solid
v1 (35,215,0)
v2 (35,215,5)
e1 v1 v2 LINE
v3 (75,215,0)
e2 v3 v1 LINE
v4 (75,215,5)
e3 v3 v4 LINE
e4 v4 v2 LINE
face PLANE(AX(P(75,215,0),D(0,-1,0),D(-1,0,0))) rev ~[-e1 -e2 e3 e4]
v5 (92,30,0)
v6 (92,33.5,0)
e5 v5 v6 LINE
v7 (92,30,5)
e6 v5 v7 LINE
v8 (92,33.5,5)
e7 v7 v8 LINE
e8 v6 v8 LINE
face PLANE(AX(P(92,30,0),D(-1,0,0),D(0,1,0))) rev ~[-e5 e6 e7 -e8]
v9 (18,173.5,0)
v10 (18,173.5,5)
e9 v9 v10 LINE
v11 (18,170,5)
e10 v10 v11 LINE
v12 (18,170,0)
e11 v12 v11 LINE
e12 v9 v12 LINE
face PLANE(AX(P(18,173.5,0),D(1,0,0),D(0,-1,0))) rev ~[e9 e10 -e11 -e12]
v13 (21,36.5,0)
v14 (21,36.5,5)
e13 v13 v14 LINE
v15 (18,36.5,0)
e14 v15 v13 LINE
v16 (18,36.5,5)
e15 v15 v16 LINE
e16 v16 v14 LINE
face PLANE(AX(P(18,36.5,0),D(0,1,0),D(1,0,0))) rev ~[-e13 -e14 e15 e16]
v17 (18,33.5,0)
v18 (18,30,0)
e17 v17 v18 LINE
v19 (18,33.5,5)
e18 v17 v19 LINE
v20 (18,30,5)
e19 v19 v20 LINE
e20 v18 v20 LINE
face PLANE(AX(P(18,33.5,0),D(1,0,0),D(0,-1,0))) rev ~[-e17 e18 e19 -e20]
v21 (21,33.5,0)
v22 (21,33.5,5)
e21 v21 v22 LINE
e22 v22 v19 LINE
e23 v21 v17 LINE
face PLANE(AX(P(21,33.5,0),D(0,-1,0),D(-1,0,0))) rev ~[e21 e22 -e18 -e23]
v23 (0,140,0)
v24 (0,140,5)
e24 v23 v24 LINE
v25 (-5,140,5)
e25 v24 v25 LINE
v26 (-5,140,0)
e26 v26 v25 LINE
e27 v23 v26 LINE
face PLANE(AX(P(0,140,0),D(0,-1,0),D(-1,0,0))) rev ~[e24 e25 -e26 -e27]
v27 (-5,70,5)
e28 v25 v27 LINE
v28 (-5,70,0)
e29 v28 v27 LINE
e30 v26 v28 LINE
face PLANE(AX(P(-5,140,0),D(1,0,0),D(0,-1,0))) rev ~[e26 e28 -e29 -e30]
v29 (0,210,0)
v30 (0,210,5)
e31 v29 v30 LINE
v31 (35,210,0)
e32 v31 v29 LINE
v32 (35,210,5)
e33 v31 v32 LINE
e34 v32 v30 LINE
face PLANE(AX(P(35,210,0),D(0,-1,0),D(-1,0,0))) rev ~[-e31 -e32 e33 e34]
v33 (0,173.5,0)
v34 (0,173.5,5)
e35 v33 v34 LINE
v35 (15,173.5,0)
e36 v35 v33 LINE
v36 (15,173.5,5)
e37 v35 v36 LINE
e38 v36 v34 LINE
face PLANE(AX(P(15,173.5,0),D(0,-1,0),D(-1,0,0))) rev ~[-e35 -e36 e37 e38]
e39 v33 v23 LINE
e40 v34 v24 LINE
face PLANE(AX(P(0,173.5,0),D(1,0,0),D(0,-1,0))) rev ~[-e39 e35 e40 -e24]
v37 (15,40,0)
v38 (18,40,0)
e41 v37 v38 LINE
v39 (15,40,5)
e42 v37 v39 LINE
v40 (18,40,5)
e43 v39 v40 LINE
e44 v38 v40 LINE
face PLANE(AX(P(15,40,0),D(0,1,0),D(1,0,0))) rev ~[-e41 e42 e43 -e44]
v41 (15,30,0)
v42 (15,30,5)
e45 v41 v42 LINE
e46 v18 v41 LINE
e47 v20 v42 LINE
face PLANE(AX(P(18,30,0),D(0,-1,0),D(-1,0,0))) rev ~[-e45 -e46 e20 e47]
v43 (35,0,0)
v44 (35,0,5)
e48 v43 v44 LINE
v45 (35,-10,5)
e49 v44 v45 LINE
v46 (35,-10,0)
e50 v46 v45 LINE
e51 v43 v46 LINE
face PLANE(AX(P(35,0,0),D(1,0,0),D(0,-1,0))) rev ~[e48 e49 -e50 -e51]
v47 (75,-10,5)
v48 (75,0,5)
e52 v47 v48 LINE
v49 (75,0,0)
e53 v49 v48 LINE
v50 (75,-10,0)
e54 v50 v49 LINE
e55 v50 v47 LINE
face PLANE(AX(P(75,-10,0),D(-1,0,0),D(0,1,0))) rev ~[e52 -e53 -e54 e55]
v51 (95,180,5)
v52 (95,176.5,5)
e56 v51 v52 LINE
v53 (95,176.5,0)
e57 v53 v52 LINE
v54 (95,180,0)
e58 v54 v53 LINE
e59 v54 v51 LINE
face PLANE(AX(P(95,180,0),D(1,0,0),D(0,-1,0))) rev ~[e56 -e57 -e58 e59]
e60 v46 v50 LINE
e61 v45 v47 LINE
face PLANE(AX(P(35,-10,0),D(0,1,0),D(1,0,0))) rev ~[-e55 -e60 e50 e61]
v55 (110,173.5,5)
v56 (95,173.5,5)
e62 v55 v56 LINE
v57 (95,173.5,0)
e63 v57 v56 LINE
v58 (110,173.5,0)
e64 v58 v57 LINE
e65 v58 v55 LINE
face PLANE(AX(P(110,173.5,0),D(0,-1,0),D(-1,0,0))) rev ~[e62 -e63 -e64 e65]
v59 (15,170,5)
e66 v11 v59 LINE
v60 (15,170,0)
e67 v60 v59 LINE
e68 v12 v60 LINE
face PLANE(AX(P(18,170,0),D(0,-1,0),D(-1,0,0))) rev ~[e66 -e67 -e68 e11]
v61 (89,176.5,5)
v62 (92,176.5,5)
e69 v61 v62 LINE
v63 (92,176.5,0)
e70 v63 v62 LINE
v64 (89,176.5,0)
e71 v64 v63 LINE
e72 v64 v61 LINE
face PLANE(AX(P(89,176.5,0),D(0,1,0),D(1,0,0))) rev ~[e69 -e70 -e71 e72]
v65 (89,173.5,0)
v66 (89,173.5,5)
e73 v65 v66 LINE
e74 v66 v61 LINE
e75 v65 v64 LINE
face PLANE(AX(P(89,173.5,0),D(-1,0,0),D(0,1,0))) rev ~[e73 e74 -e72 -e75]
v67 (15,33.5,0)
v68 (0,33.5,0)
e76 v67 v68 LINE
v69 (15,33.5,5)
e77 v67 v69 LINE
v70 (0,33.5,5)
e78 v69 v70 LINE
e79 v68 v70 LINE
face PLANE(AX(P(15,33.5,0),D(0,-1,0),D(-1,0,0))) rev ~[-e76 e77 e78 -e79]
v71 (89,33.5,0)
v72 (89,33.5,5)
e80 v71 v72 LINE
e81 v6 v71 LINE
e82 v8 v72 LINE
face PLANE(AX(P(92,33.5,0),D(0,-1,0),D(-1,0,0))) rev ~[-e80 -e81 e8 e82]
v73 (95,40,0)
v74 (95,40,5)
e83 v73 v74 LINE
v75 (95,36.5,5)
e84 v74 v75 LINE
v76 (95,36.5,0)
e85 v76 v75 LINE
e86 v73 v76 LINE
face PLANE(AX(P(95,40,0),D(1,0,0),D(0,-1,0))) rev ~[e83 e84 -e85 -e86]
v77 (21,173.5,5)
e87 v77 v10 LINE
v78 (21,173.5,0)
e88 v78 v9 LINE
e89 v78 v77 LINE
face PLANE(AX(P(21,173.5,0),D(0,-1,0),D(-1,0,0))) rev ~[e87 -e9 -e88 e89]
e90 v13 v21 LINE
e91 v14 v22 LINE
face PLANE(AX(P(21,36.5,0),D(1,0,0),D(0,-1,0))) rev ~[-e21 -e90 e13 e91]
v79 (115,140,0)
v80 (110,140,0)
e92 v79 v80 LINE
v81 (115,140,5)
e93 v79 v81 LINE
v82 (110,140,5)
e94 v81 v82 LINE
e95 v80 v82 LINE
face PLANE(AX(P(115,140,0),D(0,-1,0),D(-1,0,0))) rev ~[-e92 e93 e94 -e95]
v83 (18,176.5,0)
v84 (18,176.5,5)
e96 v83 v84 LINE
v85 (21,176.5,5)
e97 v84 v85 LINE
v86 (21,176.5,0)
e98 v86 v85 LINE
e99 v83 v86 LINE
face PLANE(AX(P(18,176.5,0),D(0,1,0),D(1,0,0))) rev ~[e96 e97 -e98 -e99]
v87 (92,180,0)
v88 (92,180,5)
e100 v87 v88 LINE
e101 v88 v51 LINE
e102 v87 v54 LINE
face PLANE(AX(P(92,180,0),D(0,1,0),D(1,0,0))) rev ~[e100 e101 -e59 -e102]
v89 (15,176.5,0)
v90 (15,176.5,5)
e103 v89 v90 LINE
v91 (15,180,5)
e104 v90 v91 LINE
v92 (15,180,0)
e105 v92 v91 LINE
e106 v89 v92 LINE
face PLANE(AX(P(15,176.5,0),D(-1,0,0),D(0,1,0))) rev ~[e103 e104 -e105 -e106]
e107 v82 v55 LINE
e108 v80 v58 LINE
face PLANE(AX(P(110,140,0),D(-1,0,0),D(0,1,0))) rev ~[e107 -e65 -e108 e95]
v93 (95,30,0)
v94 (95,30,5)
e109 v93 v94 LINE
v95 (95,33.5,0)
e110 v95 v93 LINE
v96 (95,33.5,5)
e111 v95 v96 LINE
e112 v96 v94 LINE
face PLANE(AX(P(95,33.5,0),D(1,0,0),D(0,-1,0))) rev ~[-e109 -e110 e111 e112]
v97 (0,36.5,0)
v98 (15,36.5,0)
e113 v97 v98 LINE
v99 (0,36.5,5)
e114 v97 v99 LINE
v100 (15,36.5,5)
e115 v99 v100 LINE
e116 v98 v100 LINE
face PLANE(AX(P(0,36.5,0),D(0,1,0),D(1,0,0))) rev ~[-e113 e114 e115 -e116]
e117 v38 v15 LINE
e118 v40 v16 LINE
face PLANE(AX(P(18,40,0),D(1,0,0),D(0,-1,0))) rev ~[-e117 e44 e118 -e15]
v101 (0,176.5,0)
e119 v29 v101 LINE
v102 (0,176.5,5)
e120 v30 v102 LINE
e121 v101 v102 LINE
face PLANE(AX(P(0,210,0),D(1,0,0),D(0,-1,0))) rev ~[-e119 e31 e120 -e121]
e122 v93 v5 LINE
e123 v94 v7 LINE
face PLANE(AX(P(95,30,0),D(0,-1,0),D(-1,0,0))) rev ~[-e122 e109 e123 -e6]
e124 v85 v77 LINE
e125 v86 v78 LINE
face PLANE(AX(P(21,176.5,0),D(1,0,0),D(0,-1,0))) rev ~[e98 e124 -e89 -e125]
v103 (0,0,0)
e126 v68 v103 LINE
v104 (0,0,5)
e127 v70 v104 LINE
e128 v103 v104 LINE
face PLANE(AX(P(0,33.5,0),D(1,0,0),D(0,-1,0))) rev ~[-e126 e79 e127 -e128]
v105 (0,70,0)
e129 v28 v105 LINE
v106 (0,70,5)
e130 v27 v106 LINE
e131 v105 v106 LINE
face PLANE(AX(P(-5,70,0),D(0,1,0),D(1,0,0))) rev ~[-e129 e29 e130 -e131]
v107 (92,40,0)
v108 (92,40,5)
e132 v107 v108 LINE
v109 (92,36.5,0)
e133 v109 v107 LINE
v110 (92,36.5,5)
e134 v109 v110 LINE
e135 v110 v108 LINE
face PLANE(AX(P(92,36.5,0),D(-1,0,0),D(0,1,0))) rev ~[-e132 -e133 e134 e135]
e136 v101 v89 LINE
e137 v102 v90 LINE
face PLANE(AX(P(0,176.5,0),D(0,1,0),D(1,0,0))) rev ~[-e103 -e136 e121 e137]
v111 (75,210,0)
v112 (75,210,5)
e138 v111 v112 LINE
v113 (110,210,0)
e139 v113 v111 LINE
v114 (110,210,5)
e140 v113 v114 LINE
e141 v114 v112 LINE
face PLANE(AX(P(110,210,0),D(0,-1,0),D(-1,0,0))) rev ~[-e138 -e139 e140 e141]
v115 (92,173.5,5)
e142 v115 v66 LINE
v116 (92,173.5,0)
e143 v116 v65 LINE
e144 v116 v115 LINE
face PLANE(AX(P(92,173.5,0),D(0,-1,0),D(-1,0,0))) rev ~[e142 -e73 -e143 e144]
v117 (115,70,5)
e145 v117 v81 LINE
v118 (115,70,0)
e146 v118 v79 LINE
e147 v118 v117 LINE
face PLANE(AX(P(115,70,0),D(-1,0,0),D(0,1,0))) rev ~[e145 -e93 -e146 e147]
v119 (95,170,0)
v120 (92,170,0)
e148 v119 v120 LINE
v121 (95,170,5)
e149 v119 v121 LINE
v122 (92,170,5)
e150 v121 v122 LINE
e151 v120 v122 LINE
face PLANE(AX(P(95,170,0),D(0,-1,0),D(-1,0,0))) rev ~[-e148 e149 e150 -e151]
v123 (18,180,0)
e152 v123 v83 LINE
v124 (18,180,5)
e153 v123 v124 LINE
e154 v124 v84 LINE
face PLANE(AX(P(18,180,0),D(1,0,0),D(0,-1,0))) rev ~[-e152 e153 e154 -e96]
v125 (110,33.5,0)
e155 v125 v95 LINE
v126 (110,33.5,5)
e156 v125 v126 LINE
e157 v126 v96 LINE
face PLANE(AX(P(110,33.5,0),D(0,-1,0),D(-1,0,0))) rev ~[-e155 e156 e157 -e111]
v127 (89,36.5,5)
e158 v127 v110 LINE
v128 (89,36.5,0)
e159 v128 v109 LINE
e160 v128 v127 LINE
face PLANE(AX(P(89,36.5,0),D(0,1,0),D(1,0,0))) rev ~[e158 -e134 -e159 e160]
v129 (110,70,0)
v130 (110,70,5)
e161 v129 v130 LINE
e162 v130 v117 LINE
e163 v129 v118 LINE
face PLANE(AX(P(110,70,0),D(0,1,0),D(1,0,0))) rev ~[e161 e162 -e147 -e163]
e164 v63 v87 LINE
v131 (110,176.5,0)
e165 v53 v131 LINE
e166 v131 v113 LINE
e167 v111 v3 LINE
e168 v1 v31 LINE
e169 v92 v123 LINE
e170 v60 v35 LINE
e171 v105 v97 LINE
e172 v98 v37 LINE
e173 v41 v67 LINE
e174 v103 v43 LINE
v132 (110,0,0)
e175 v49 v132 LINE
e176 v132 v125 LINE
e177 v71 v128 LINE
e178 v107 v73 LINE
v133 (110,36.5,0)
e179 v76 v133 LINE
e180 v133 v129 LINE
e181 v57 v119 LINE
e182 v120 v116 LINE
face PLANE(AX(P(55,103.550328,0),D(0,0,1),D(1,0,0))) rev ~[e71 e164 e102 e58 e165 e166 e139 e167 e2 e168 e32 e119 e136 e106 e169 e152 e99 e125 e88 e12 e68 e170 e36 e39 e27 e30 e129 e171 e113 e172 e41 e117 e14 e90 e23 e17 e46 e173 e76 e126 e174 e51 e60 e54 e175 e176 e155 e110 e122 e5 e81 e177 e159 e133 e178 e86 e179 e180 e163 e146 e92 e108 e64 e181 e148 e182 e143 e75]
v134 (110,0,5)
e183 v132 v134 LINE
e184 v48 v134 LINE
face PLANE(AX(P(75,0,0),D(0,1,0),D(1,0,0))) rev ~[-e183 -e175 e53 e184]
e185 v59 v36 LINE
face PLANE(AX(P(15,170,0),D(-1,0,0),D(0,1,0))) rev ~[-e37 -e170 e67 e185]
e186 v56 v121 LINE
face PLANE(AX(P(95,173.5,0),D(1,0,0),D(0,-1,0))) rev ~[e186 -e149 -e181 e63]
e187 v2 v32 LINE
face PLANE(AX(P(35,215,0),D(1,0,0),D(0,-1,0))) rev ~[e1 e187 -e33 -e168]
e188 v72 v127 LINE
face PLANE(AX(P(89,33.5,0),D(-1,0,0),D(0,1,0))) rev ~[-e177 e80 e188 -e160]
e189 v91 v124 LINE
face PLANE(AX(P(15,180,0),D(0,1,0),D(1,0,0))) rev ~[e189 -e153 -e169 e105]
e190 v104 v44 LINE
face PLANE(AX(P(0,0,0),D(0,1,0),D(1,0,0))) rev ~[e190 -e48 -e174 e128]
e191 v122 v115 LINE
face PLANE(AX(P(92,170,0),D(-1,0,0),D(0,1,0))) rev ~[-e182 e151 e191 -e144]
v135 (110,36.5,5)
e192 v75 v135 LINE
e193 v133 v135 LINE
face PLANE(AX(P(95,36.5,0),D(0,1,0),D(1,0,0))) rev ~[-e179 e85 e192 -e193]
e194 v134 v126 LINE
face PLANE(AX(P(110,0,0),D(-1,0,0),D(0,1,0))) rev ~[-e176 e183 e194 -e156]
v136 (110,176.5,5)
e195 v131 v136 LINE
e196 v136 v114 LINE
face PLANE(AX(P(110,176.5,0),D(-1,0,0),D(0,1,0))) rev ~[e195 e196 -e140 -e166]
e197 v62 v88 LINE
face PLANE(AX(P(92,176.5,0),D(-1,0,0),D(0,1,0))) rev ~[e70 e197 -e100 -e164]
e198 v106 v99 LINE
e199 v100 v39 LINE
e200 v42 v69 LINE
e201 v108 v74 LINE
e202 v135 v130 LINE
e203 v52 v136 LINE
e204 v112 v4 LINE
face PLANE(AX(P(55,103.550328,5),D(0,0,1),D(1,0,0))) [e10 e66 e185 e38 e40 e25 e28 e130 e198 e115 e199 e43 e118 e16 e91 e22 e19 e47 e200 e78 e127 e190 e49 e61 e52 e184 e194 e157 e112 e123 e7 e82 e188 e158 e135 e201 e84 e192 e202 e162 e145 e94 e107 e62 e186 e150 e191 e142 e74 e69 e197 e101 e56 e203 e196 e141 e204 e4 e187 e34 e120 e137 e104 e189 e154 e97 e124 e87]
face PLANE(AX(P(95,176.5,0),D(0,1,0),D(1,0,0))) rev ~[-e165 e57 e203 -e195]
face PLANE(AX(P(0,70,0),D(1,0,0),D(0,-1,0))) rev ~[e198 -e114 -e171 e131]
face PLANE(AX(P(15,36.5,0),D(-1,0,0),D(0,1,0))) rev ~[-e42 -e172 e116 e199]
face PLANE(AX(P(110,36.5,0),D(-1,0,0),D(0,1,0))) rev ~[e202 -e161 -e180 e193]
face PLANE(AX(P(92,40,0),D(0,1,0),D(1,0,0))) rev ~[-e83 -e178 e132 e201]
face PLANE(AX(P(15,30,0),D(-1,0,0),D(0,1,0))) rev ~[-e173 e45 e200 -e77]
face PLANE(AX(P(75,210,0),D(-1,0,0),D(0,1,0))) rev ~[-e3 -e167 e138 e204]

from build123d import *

# Parameters (mm, degrees)
SALIENTE_EXTRUIR1_DEPTH = 5


with BuildPart() as part:
    # Croquis1 → Saliente-Extruir1 (new body)
    with BuildSketch(Plane.XY):
        Polygon((0, 0), (35, 0), (35, -10), (75, -10), (75, 0), (110, 0), (110, 33.5), (95, 33.5), (95, 30), (92, 30), (92, 33.5), (89, 33.5), (89, 36.5), (92, 36.5), (92, 40), (95, 40), (95, 36.5), (110, 36.5), (110, 70), (115, 70), (115, 140), (110, 140), (110, 173.5), (95, 173.5), (95, 170), (92, 170), (92, 173.5), (89, 173.5), (89, 176.5), (92, 176.5), (92, 180), (95, 180), (95, 176.5), (110, 176.5), (110, 210), (75, 210), (75, 215), (35, 215), (35, 210), (0, 210), (0, 176.5), (15, 176.5), (15, 180), (18, 180), (18, 176.5), (21, 176.5), (21, 173.5), (18, 173.5), (18, 170), (15, 170), (15, 173.5), (0, 173.5), (0, 140), (-5, 140), (-5, 70), (0, 70), (0, 36.5), (15, 36.5), (15, 40), (18, 40), (18, 36.5), (21, 36.5), (21, 33.5), (18, 33.5), (18, 30), (15, 30), (15, 33.5), (0, 33.5), align=None)
    extrude(amount=SALIENTE_EXTRUIR1_DEPTH)


solid = part.part
